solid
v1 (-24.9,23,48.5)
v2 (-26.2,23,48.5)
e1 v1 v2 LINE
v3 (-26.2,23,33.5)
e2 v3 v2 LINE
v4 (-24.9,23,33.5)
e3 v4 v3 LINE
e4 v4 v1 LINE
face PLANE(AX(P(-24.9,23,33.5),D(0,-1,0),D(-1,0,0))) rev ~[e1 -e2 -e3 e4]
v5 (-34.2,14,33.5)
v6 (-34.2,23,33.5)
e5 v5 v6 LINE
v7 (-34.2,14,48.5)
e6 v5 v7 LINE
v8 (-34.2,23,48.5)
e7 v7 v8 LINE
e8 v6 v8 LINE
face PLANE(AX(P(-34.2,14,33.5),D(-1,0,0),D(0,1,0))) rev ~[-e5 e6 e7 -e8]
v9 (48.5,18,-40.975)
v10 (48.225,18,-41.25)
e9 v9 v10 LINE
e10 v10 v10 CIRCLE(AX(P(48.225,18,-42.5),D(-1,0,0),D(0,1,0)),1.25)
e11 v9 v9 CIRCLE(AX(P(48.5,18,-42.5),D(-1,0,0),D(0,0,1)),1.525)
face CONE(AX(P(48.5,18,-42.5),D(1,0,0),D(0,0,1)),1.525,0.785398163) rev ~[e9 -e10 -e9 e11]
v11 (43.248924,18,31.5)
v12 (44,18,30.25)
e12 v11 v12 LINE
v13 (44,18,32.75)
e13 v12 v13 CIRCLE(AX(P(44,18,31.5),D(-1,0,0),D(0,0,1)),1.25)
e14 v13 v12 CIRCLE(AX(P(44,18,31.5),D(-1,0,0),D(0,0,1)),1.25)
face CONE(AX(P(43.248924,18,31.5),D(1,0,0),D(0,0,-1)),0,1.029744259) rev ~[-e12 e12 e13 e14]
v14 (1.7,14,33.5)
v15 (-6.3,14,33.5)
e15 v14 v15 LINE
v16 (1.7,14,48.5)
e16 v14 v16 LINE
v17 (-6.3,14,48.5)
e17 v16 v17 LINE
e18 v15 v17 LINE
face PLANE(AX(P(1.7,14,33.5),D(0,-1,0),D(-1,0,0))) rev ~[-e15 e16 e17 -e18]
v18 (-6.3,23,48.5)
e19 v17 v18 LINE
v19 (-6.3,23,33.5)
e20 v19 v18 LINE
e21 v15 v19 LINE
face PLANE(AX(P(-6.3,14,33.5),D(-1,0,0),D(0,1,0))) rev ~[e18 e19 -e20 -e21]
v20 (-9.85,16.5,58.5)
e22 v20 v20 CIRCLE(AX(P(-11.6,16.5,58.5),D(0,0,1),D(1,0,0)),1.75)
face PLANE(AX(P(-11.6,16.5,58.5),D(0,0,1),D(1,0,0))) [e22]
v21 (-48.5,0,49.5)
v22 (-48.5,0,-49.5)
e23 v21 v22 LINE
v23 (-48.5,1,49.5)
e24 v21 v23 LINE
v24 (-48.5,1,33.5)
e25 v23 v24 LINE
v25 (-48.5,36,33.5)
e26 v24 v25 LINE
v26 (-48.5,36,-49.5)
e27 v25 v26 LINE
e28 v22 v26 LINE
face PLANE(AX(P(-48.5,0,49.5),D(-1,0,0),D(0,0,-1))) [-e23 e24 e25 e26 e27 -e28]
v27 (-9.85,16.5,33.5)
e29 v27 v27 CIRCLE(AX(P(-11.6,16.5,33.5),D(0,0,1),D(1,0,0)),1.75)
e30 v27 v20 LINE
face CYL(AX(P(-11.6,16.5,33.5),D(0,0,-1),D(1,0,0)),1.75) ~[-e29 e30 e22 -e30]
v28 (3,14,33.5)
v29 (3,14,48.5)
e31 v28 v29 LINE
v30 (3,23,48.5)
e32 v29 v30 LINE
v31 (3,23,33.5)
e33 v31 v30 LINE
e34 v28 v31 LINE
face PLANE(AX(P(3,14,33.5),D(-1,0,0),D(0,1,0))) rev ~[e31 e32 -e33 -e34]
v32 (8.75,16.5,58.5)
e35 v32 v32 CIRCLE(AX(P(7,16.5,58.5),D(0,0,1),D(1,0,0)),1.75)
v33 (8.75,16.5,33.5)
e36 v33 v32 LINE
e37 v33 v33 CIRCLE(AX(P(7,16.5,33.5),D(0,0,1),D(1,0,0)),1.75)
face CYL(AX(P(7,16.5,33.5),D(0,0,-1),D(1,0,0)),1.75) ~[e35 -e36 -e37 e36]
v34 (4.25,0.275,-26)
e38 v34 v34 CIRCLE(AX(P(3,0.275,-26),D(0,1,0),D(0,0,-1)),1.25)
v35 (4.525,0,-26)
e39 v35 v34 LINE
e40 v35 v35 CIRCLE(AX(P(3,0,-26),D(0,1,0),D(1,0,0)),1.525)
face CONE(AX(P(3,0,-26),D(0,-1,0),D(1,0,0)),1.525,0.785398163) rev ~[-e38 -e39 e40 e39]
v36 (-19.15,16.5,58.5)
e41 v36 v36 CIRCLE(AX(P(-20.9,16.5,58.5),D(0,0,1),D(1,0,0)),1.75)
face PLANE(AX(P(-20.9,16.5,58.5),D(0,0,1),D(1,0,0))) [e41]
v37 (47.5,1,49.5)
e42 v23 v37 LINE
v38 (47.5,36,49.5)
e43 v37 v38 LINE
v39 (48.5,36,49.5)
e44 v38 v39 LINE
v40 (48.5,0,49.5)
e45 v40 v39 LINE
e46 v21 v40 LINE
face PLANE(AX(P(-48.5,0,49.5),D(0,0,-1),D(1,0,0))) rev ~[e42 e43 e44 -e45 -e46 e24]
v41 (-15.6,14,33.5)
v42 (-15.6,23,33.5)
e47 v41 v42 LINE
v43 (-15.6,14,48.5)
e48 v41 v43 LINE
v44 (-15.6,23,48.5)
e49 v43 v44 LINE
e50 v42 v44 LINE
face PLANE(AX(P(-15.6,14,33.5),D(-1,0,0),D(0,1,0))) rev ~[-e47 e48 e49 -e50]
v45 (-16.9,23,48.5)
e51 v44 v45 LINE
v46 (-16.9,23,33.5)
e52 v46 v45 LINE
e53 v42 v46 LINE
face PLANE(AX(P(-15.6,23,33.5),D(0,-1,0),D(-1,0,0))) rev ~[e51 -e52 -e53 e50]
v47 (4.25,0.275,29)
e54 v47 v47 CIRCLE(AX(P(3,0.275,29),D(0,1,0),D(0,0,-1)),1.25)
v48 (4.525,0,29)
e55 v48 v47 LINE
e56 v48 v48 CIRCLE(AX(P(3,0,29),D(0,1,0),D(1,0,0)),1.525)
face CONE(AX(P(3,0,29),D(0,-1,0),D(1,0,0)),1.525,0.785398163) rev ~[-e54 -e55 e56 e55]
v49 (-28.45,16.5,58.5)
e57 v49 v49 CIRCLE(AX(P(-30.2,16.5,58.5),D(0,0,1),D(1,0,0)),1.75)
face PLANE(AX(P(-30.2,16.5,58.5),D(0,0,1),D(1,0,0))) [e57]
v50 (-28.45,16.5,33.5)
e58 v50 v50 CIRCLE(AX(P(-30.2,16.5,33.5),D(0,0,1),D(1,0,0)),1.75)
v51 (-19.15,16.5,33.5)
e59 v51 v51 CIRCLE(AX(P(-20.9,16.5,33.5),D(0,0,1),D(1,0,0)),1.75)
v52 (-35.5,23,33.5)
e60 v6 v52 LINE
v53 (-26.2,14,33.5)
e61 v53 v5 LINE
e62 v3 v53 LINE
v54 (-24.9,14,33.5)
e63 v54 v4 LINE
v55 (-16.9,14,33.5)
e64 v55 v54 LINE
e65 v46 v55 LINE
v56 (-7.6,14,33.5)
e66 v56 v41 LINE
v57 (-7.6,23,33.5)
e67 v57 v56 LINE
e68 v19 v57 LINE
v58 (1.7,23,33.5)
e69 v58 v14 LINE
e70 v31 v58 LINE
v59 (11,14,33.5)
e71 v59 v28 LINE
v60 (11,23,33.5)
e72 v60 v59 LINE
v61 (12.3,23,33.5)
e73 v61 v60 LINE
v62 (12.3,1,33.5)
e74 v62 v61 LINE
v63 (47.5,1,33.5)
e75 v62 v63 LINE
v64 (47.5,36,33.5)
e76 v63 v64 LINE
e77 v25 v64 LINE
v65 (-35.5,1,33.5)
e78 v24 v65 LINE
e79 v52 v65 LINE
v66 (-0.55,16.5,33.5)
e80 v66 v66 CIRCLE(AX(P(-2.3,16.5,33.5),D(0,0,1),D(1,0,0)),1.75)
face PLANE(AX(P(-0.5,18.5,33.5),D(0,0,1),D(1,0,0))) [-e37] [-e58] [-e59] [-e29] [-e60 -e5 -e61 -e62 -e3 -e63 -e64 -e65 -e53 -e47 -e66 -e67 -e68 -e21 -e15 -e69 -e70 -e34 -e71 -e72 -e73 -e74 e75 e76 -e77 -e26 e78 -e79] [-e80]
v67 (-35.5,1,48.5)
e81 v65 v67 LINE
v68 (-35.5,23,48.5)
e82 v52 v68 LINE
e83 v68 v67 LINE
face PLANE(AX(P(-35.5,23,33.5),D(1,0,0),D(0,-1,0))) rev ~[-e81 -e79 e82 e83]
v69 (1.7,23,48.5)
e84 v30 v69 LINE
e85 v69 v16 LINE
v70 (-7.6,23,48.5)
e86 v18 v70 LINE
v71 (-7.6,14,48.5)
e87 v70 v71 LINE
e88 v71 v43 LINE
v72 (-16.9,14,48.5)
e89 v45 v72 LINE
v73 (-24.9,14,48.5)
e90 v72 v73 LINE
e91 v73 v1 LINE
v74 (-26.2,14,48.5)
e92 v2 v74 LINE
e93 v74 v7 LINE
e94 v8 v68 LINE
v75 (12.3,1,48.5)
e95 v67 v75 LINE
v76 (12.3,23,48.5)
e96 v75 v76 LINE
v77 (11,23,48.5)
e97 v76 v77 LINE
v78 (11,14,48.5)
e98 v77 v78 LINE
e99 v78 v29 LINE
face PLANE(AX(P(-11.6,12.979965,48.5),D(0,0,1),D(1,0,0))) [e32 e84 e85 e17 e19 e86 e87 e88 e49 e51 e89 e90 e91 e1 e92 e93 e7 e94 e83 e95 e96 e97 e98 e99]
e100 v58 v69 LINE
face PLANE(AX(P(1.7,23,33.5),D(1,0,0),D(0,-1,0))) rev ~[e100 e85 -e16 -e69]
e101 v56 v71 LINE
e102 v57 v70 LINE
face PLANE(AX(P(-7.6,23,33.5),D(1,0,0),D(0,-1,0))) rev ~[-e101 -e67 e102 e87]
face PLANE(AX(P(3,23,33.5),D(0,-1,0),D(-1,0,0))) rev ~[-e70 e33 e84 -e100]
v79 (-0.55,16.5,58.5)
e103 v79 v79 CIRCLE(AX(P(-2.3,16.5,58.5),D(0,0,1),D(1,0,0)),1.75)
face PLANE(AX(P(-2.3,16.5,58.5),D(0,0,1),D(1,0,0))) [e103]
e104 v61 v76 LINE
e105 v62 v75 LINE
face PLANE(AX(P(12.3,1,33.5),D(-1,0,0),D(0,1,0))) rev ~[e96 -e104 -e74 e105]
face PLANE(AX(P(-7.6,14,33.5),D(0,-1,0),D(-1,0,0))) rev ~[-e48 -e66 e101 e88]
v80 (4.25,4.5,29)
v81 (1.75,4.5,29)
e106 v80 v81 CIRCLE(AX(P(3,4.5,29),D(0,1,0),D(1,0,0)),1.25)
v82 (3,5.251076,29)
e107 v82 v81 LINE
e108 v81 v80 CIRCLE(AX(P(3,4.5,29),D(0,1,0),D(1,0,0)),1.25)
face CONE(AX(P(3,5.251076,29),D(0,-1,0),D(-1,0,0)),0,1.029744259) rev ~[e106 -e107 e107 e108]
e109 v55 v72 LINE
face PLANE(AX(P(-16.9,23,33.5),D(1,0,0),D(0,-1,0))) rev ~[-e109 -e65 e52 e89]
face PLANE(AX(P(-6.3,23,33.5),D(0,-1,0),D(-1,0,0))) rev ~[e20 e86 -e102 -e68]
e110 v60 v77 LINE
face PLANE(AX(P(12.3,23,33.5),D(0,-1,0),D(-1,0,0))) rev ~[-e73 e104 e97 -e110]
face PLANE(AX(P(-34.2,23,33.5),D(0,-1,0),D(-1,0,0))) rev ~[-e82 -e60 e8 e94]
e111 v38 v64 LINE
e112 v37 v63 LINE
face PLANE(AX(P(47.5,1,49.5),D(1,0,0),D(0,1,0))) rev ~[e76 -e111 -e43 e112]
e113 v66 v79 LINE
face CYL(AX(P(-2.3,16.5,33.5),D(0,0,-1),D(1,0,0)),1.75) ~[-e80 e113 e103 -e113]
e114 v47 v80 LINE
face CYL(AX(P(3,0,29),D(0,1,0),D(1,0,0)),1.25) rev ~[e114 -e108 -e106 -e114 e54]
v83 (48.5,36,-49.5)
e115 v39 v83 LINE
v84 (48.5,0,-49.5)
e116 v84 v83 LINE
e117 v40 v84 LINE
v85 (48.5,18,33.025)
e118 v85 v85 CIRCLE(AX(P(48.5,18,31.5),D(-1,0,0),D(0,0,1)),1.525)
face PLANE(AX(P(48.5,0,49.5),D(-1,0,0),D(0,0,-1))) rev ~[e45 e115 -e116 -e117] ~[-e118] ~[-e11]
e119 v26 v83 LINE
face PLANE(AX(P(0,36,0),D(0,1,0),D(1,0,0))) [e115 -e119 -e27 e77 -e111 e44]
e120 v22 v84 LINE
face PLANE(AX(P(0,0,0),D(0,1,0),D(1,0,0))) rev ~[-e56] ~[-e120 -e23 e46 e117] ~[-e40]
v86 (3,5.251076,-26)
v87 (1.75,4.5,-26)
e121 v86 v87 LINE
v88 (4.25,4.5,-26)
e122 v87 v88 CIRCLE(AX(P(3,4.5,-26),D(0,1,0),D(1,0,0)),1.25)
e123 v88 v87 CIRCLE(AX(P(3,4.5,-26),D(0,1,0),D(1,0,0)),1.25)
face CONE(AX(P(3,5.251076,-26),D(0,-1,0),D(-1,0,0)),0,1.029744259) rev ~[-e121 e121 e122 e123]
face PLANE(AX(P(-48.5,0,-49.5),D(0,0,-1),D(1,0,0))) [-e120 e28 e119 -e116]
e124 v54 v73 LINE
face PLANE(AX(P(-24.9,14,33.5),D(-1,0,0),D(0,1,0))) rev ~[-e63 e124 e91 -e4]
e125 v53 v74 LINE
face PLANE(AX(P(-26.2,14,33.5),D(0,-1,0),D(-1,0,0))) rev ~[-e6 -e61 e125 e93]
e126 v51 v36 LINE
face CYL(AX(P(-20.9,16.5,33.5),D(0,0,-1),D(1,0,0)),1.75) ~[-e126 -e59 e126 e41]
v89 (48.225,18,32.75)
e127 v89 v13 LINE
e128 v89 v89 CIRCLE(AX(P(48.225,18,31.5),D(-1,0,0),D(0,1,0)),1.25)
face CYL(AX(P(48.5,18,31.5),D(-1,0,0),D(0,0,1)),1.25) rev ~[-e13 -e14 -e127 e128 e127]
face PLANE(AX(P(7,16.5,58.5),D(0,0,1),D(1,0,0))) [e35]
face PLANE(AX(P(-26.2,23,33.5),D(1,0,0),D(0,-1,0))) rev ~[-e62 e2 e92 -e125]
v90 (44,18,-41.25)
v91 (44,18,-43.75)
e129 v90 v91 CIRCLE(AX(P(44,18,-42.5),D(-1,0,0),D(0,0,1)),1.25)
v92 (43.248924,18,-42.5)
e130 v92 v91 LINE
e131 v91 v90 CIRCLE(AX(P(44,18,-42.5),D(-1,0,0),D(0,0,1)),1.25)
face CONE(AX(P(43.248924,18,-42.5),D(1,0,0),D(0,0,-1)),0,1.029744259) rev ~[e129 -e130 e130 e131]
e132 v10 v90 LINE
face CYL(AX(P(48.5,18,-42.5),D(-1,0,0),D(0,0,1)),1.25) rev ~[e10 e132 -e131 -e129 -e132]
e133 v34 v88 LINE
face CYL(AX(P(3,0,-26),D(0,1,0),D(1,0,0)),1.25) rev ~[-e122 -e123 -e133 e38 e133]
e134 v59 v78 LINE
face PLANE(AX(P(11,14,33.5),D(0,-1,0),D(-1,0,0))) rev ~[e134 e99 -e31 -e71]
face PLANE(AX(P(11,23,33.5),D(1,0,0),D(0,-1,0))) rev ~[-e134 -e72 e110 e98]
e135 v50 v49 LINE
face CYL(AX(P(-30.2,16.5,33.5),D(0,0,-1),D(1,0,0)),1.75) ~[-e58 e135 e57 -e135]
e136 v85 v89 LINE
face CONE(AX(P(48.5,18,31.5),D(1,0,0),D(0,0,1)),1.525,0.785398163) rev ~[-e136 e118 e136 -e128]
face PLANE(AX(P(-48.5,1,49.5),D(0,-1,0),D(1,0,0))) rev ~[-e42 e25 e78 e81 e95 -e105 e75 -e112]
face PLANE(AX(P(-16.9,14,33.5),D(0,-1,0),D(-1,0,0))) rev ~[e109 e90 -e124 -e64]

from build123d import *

# Parameters (mm, degrees)
SKETCH1_W                   = 97
SKETCH1_H                   = 99
BOSS_EXTRUDE1_DEPTH         = 36
SKETCH2_W                   = 96
SKETCH2_H                   = 35
CUT_EXTRUDE1_DEPTH          = 16
BOSS_EXTRUDE2_DEPTH         = 15
SKETCH4_R                   = 1.75
BOSS_EXTRUDE3_DEPTH         = 25
M3_TAPPED_HOLE1_D           = 2.5
M3_TAPPED_HOLE1_DEPTH       = 4.5
M3_TAPPED_HOLE1_CSINK_D     = 3.05
M3_TAPPED_HOLE1_CSINK_ANGLE = 90
M3_TAPPED_HOLE1_TIP         = 0.751075774
M3_TAPPED_HOLE2_D           = 2.5
M3_TAPPED_HOLE2_DEPTH       = 4.5
M3_TAPPED_HOLE2_CSINK_D     = 3.05
M3_TAPPED_HOLE2_CSINK_ANGLE = 90
M3_TAPPED_HOLE2_TIP         = 0.751075774


with BuildPart() as part:
    # Sketch1 → Boss-Extrude1 (new body)
    with BuildSketch(Plane(origin=(0, 0, 0), x_dir=(1, 0, 0), z_dir=(0, 1, 0))):
        Rectangle(SKETCH1_W, SKETCH1_H)
    extrude(amount=BOSS_EXTRUDE1_DEPTH)

    # Sketch2 → Cut-Extrude1 (cut)
    with BuildSketch(Plane.XY.offset(49.5)):
        with Locations((-0.5, 18.5)):
            Rectangle(SKETCH2_W, SKETCH2_H)
    extrude(amount=-CUT_EXTRUDE1_DEPTH, mode=Mode.SUBTRACT)

    # Sketch3 → Boss-Extrude2 (add)
    with BuildSketch(Plane.XY.offset(33.5)):
        Polygon((-35.5, 1), (12.3, 1), (12.3, 23), (11, 23), (11, 14), (3, 14), (3, 23), (1.7, 23), (1.7, 14), (-6.3, 14), (-6.3, 23), (-7.6, 23), (-7.6, 14), (-15.6, 14), (-15.6, 23), (-16.9, 23), (-16.9, 14), (-24.9, 14), (-24.9, 23), (-26.2, 23), (-26.2, 14), (-34.2, 14), (-34.2, 23), (-35.5, 23), align=None)
    extrude(amount=BOSS_EXTRUDE2_DEPTH)

    # Sketch4 → Boss-Extrude3 (add)
    with BuildSketch(Plane.XY.offset(33.5)):
        with Locations((-30.2, 16.5)):
            Circle(SKETCH4_R)
        with Locations((-20.9, 16.5)):
            Circle(SKETCH4_R)
        with Locations((-11.6, 16.5)):
            Circle(SKETCH4_R)
        with Locations((-2.3, 16.5)):
            Circle(SKETCH4_R)
        with Locations((7, 16.5)):
            Circle(SKETCH4_R)
    extrude(amount=BOSS_EXTRUDE3_DEPTH)

    # M3 Tapped Hole1
    with Locations(Plane(origin=(48.5, 0, 0), x_dir=(0, 0, -1), z_dir=(1, 0, 0))):
        with Locations((-31.5, 18), (42.5, 18)):
            CounterSinkHole(M3_TAPPED_HOLE1_D / 2, M3_TAPPED_HOLE1_CSINK_D / 2, depth=M3_TAPPED_HOLE1_DEPTH, counter_sink_angle=M3_TAPPED_HOLE1_CSINK_ANGLE)
            with Locations((0, 0, -(M3_TAPPED_HOLE1_DEPTH + M3_TAPPED_HOLE1_TIP / 2))):  # 118° drill point
                Cone(0, M3_TAPPED_HOLE1_D / 2, M3_TAPPED_HOLE1_TIP, mode=Mode.SUBTRACT)

    # M3 Tapped Hole2
    with Locations(Plane(origin=(0, 0, 0), x_dir=(-1, 0, 0), z_dir=(0, -1, 0))):
        with Locations((-3, -29), (-3, 26)):
            CounterSinkHole(M3_TAPPED_HOLE2_D / 2, M3_TAPPED_HOLE2_CSINK_D / 2, depth=M3_TAPPED_HOLE2_DEPTH, counter_sink_angle=M3_TAPPED_HOLE2_CSINK_ANGLE)
            with Locations((0, 0, -(M3_TAPPED_HOLE2_DEPTH + M3_TAPPED_HOLE2_TIP / 2))):  # 118° drill point
                Cone(0, M3_TAPPED_HOLE2_D / 2, M3_TAPPED_HOLE2_TIP, mode=Mode.SUBTRACT)


solid = part.part
